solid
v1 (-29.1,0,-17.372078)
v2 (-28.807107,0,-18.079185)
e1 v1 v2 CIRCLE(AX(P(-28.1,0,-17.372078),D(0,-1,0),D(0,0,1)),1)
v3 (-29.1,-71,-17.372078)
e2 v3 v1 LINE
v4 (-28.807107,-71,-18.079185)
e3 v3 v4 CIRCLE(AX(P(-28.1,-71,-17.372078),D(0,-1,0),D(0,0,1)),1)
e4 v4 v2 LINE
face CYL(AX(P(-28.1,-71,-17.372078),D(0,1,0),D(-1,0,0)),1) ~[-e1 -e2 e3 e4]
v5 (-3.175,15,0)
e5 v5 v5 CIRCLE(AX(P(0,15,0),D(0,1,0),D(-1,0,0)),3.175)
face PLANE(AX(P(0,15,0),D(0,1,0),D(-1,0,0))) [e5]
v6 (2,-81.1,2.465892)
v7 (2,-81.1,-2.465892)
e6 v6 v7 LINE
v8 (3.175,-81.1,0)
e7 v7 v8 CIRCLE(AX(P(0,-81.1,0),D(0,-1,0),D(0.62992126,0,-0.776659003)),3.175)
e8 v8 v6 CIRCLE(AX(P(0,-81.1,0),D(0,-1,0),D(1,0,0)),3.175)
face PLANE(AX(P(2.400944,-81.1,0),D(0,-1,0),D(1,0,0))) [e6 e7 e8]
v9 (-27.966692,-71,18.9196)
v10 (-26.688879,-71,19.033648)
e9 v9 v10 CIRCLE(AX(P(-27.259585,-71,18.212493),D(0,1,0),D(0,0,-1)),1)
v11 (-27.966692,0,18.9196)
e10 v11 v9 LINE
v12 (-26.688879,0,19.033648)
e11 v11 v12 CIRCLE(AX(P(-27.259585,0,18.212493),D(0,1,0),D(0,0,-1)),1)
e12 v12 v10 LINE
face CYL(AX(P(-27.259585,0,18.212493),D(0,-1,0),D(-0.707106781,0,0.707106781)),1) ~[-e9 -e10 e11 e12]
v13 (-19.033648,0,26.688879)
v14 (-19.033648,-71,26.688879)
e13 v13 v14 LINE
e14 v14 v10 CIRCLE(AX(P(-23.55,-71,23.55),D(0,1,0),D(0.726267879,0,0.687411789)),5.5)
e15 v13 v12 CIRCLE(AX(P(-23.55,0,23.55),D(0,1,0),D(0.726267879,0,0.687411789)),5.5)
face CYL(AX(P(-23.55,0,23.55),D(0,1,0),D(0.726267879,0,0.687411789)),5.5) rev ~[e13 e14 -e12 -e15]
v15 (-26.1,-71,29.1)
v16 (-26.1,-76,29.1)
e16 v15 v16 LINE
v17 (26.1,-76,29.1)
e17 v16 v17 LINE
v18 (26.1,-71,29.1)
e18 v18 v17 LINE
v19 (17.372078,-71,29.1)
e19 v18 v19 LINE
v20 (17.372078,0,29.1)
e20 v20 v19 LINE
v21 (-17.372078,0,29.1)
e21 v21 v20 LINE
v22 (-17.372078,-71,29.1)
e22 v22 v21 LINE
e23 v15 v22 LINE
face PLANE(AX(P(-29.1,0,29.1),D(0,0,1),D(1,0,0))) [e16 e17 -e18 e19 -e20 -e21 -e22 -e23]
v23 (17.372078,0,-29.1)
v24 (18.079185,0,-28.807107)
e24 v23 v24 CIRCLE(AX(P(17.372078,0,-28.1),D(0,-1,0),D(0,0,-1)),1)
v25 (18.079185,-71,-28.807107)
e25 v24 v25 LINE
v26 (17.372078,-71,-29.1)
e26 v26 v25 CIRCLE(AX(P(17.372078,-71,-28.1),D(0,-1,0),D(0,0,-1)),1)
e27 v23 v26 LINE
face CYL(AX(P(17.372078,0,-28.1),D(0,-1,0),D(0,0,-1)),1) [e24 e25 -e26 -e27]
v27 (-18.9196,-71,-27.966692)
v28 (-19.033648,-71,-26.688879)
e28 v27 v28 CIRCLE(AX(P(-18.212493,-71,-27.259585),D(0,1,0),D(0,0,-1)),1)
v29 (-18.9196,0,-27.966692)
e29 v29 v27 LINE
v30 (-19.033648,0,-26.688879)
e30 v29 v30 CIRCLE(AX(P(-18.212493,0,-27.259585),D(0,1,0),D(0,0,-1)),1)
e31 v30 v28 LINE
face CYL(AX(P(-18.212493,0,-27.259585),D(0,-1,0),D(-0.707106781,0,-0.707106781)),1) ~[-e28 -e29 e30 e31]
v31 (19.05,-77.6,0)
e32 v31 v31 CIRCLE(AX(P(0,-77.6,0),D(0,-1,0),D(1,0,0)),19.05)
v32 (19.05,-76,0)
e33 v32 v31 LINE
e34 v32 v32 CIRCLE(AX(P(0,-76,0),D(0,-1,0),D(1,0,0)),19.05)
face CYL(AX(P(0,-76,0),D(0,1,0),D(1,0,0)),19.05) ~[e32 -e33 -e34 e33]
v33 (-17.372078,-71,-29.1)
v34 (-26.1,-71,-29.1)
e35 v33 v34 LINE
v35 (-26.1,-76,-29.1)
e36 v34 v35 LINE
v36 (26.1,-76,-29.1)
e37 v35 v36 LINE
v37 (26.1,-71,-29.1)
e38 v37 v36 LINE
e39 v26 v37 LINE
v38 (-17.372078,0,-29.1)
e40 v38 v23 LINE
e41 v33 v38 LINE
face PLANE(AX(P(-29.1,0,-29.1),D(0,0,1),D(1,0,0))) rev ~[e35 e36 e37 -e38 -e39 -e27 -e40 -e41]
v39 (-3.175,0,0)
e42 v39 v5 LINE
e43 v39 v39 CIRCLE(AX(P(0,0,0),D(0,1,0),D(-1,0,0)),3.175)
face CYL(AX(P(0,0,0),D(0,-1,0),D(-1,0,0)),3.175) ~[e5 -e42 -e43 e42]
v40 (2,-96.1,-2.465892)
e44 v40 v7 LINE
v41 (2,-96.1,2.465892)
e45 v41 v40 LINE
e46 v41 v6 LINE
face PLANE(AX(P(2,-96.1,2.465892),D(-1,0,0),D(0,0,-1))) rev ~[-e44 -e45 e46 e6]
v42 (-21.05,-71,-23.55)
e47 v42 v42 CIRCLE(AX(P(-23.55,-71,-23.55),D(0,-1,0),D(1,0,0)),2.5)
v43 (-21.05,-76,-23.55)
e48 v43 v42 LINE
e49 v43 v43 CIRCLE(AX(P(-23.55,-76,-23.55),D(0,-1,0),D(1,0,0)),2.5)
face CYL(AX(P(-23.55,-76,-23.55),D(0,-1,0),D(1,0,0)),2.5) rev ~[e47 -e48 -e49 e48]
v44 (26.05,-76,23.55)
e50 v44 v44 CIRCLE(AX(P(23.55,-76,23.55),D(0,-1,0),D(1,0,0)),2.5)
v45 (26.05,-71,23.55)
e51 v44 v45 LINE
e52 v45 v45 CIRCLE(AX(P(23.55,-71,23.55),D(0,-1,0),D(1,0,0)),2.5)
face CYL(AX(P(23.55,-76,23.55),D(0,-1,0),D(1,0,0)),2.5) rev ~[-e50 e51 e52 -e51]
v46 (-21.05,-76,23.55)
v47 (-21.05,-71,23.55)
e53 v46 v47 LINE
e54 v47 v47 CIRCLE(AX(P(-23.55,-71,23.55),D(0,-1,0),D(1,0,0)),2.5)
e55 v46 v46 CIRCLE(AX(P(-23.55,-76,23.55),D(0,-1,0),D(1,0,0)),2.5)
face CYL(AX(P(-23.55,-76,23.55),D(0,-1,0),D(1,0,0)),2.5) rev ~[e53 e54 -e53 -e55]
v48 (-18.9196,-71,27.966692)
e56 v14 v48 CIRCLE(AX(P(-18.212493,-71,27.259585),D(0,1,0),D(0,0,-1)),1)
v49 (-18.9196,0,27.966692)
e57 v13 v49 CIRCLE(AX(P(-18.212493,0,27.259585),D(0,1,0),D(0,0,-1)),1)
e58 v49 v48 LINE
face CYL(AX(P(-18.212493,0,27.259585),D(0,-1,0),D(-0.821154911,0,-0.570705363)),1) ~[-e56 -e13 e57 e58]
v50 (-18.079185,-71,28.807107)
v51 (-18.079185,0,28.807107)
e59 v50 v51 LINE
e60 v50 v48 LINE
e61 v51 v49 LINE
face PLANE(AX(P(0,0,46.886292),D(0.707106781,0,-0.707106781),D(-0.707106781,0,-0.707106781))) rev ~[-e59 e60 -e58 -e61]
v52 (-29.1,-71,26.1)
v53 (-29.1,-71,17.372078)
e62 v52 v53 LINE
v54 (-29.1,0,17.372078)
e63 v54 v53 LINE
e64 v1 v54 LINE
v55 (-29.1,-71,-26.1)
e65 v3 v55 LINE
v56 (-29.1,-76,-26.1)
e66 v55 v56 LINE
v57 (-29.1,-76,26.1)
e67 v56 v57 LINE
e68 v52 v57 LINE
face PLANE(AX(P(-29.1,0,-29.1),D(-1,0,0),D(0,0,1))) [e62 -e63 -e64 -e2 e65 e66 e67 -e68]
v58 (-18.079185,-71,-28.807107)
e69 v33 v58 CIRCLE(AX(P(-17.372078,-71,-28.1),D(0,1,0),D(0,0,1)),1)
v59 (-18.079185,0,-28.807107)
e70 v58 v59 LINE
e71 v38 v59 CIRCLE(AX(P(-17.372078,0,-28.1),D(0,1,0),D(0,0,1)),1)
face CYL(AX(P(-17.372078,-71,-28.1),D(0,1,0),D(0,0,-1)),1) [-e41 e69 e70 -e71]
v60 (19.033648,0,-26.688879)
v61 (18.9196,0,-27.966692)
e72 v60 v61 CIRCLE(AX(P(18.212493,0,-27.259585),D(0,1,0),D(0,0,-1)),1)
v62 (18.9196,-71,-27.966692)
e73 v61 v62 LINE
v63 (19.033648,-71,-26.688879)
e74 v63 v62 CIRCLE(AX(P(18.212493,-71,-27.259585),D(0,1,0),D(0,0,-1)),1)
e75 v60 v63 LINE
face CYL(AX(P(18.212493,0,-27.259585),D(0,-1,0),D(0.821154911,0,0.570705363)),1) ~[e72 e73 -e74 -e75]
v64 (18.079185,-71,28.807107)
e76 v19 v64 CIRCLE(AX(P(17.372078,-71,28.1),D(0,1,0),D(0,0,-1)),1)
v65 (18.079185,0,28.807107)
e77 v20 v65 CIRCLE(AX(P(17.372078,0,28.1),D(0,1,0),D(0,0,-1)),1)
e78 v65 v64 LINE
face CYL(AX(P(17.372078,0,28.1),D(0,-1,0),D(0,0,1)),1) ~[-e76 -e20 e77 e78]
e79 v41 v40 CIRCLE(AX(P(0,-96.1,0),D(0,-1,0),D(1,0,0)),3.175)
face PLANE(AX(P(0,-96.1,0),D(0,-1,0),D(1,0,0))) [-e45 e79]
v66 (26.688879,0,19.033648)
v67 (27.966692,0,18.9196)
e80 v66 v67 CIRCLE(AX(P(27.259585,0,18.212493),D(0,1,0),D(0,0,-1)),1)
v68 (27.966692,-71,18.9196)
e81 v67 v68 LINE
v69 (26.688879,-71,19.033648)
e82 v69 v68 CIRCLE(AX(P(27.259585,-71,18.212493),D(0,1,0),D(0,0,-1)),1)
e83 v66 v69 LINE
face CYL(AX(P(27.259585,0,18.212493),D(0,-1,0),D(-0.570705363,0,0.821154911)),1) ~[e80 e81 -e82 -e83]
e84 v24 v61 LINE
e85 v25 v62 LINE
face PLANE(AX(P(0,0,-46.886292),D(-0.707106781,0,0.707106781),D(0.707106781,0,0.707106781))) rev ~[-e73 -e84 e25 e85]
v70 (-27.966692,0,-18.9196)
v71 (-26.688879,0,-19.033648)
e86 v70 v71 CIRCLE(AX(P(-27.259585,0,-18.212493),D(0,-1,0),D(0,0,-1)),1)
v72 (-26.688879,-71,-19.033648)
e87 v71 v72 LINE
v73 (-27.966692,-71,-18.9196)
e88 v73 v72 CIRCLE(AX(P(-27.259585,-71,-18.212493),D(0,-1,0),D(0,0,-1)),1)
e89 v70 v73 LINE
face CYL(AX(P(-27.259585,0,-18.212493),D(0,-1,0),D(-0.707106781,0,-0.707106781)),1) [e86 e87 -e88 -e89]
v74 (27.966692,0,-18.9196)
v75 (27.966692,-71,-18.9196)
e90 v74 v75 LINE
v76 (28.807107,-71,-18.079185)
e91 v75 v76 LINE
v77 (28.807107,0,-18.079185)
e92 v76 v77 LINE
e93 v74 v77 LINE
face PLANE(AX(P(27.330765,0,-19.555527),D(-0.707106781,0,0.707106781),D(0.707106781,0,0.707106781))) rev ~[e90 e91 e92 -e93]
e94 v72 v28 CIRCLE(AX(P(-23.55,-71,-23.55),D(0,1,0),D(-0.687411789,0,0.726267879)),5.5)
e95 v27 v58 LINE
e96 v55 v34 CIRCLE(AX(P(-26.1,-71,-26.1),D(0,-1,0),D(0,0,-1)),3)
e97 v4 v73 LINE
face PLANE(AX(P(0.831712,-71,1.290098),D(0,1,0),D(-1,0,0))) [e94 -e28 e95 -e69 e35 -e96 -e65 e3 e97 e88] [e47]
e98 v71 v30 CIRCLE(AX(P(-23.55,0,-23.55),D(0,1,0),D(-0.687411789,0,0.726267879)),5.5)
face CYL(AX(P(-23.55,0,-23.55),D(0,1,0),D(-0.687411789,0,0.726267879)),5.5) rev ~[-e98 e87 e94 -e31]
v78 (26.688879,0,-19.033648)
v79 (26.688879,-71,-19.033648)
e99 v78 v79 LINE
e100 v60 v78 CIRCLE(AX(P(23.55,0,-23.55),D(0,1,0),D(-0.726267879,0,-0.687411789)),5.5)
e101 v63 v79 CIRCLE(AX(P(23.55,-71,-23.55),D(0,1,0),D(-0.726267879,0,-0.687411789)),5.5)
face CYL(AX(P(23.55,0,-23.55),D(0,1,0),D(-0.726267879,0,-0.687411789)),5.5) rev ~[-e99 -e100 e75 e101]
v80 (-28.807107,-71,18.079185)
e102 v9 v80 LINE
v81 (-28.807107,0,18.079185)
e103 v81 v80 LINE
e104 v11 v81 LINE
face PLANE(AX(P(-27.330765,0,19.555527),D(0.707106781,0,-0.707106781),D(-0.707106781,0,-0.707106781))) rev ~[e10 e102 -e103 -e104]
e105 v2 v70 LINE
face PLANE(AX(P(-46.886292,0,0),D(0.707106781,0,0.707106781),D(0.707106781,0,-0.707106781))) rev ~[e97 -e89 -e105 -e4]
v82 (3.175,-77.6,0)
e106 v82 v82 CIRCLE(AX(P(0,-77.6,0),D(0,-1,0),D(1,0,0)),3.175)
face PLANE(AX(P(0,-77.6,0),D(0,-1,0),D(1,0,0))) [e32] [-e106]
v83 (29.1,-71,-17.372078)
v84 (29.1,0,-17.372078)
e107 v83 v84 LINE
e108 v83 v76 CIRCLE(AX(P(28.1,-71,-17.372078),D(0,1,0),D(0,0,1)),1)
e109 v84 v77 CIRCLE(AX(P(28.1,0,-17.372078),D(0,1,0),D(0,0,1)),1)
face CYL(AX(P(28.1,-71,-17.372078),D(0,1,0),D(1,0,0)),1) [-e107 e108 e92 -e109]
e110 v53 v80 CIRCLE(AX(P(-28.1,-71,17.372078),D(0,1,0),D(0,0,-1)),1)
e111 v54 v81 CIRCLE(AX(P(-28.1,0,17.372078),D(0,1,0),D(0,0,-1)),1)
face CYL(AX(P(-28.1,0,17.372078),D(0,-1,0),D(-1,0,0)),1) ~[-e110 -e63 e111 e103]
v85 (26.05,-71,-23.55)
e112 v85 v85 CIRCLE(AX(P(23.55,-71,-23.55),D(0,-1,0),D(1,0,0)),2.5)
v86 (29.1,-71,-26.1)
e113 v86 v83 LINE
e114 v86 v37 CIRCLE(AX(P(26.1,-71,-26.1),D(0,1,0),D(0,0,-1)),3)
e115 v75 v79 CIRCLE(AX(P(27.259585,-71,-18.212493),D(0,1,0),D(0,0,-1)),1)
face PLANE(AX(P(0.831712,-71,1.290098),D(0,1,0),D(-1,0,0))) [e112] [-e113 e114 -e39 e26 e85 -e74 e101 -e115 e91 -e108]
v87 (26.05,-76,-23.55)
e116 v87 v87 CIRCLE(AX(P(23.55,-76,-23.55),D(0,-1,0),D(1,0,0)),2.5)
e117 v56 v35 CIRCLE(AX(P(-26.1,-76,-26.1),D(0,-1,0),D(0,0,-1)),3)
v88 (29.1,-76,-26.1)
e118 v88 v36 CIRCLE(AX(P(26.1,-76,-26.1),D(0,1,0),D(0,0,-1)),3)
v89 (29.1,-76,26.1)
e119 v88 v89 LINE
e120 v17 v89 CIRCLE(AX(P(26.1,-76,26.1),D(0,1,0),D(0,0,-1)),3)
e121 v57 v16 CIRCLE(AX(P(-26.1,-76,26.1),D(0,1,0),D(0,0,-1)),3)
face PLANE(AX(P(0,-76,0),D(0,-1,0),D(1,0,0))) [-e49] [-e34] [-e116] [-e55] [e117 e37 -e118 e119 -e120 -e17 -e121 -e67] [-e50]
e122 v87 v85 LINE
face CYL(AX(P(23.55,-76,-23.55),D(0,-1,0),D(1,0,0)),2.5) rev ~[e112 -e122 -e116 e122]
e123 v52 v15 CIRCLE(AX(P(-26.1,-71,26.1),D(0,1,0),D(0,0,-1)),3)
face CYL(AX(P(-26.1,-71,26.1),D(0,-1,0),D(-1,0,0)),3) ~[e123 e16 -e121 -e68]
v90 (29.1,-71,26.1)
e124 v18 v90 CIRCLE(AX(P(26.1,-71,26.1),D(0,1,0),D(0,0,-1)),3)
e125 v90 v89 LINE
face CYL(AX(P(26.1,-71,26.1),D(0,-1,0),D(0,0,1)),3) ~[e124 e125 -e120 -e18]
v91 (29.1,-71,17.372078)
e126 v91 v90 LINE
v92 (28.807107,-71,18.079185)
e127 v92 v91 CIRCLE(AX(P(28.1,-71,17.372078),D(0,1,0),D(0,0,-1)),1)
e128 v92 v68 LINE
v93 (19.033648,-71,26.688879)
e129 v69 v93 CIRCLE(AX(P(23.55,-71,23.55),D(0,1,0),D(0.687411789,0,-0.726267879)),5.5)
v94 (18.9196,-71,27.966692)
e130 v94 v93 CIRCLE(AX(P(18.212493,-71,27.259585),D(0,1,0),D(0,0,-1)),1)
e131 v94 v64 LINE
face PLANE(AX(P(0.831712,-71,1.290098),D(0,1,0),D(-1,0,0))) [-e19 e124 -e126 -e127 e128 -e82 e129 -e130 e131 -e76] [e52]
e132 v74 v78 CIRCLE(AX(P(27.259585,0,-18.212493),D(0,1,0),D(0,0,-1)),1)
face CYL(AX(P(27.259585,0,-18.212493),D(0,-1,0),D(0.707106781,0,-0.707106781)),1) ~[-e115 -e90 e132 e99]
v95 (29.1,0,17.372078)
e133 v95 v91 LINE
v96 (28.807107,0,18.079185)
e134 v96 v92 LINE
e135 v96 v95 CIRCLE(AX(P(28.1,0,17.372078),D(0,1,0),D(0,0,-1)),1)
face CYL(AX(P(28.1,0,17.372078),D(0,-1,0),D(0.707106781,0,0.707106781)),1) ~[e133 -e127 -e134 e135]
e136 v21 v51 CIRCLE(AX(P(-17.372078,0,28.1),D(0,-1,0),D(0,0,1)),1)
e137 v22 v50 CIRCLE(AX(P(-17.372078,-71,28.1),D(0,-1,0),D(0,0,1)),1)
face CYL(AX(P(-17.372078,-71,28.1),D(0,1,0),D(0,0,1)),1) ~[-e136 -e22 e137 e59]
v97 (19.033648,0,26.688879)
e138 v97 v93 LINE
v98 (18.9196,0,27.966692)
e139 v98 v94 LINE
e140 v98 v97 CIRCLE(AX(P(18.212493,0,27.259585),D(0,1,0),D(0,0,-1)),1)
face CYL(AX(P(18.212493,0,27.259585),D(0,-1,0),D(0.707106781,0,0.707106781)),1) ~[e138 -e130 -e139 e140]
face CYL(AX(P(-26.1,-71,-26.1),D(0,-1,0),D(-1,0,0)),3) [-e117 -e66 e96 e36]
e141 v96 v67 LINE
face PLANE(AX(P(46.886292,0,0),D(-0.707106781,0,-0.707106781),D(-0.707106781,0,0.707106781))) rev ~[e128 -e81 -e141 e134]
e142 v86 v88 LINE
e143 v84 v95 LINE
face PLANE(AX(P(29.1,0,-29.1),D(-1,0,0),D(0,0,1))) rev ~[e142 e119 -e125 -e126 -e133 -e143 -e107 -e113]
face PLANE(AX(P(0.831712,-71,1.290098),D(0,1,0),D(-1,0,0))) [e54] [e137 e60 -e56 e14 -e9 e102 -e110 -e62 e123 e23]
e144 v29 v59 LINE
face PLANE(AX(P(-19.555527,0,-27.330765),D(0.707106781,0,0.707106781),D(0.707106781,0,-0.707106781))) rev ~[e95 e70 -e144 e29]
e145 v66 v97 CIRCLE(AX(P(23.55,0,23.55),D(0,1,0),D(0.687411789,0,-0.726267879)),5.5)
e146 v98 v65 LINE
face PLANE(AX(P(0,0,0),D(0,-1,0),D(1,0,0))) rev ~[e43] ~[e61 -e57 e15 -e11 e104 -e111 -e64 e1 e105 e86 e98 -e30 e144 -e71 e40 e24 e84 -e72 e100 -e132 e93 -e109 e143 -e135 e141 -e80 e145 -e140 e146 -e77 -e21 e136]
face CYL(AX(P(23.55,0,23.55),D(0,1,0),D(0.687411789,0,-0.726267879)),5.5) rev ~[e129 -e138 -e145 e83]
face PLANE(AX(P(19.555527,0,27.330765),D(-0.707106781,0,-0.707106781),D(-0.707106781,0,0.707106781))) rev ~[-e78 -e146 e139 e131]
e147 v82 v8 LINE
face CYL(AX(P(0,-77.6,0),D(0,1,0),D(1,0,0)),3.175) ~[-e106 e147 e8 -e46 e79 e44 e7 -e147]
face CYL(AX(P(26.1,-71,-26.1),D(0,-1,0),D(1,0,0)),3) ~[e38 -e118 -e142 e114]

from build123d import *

# Parameters (mm, degrees)
F0_W      = 58.2
F0_H      = 58.2
F1_DEPTH  = 76
F2_R      = 2.5
F3_DEPTH  = 25
F4_W      = 154.9799069762
F4_H      = 154.0232300758
F5_DEPTH  = 71
F6_R      = 1
F7_R      = 3
F8_R      = 19.05
F9_DEPTH  = 1.6
F10_R     = 3.175
F11_DEPTH = 18.5
F13_DEPTH = 15
F14_R     = 3.175
F15_DEPTH = 15


with BuildPart() as f1:
    # F0 (on Front) → F1 (new body)
    with BuildSketch(Plane.XZ):
        Rectangle(F0_W, F0_H)
    extrude(amount=F1_DEPTH)

    # F2 (on face) → F3 (cut)
    with BuildSketch(Plane.XZ.offset(76)):
        with Locations((23.55, 23.55)):
            Circle(F2_R)
        with Locations((23.55, -23.55)):
            Circle(F2_R)
        with Locations((-23.55, -23.55)):
            Circle(F2_R)
        with Locations((-23.55, 23.55)):
            Circle(F2_R)
    extrude(amount=-F3_DEPTH, mode=Mode.SUBTRACT)

    # F4 (on face) → F5 (cut)
    with BuildSketch(Plane(origin=(0, 0, 0), x_dir=(-1, 0, 0), z_dir=(0, 1, 0))):
        with Locations((-0.8317120373, 1.2900978327)):
            Rectangle(F4_W, F4_H)
        with BuildLine():
            Line((27.330764838, 19.555526663), (46.886291501, 0))
            Line((46.886291501, 0), (27.330764838, -19.555526663))
            ThreePointArc((27.330764838, -19.555526663), (19.6609127035, -19.6609127035), (19.555526663, -27.330764838))
            Line((19.555526663, -27.330764838), (0, -46.886291501))
            Line((0, -46.886291501), (-19.555526663, -27.330764838))
            ThreePointArc((-19.555526663, -27.330764838), (-19.6609127035, -19.6609127035), (-27.330764838, -19.555526663))
            Line((-27.330764838, -19.555526663), (-46.886291501, 0))
            Line((-46.886291501, 0), (-27.330764838, 19.555526663))
            ThreePointArc((-27.330764838, 19.555526663), (-19.6609127035, 19.6609127035), (-19.555526663, 27.330764838))
            Line((-19.555526663, 27.330764838), (0, 46.886291501))
            Line((0, 46.886291501), (19.555526663, 27.330764838))
            ThreePointArc((19.555526663, 27.330764838), (19.6609127035, 19.6609127035), (27.330764838, 19.555526663))
        make_face(mode=Mode.SUBTRACT)
    extrude(amount=-F5_DEPTH, mode=Mode.SUBTRACT)

    # F6
    f6_edges = [f1.edges().sort_by_distance(p)[0] for p in [
        (-29.1, -35.5, 17.786292),
        (-17.786292, -35.5, 29.1),
        (-19.555527, -35.5, 27.330765),
        (-27.330765, -35.5, 19.555527),
        (-29.1, -35.5, -17.786292),
        (-27.330765, -35.5, -19.555527),
        (-17.786292, -35.5, -29.1),
        (-19.555527, -35.5, -27.330765),
        (17.786292, -35.5, -29.1),
        (19.555527, -35.5, -27.330765),
        (27.330765, -35.5, -19.555527),
        (29.1, -35.5, -17.786292),
        (27.330765, -35.5, 19.555527),
        (29.1, -35.5, 17.786292),
        (19.555527, -35.5, 27.330765),
        (17.786292, -35.5, 29.1),
    ]]
    fillet(f6_edges, radius=F6_R)

    # F7
    f7_edges = [f1.edges().sort_by_distance(p)[0] for p in [
        (-29.1, -73.5, -29.1),
        (-29.1, -73.5, 29.1),
        (29.1, -73.5, -29.1),
        (29.1, -73.5, 29.1),
    ]]
    fillet(f7_edges, radius=F7_R)

    # F8 (on face) → F9 (join)
    with BuildSketch(Plane.XZ.offset(76)):
        Circle(F8_R)
    extrude(amount=F9_DEPTH)

    # F10 (on face) → F11 (join)
    with BuildSketch(Plane.XZ.offset(77.6)):
        Circle(F10_R)
    extrude(amount=F11_DEPTH)

    # F12 (on face) → F13 (cut)
    with BuildSketch(Plane.XZ.offset(96.1)):
        with BuildLine():
            ThreePointArc((3.175, 0), (2.8662366441, 1.365764438), (2, 2.4658923334))
            Line((2, 2.4658923334), (2, -2.4658923334))
            ThreePointArc((2, -2.4658923334), (2.8662366441, -1.365764438), (3.175, 0))
        make_face()
    extrude(amount=-F13_DEPTH, mode=Mode.SUBTRACT)

    # F14 (on face) → F15 (join)
    with BuildSketch(Plane(origin=(0, 0, 0), x_dir=(-1, 0, 0), z_dir=(0, 1, 0))):
        Circle(F14_R)
    extrude(amount=F15_DEPTH)


solid = f1.part
